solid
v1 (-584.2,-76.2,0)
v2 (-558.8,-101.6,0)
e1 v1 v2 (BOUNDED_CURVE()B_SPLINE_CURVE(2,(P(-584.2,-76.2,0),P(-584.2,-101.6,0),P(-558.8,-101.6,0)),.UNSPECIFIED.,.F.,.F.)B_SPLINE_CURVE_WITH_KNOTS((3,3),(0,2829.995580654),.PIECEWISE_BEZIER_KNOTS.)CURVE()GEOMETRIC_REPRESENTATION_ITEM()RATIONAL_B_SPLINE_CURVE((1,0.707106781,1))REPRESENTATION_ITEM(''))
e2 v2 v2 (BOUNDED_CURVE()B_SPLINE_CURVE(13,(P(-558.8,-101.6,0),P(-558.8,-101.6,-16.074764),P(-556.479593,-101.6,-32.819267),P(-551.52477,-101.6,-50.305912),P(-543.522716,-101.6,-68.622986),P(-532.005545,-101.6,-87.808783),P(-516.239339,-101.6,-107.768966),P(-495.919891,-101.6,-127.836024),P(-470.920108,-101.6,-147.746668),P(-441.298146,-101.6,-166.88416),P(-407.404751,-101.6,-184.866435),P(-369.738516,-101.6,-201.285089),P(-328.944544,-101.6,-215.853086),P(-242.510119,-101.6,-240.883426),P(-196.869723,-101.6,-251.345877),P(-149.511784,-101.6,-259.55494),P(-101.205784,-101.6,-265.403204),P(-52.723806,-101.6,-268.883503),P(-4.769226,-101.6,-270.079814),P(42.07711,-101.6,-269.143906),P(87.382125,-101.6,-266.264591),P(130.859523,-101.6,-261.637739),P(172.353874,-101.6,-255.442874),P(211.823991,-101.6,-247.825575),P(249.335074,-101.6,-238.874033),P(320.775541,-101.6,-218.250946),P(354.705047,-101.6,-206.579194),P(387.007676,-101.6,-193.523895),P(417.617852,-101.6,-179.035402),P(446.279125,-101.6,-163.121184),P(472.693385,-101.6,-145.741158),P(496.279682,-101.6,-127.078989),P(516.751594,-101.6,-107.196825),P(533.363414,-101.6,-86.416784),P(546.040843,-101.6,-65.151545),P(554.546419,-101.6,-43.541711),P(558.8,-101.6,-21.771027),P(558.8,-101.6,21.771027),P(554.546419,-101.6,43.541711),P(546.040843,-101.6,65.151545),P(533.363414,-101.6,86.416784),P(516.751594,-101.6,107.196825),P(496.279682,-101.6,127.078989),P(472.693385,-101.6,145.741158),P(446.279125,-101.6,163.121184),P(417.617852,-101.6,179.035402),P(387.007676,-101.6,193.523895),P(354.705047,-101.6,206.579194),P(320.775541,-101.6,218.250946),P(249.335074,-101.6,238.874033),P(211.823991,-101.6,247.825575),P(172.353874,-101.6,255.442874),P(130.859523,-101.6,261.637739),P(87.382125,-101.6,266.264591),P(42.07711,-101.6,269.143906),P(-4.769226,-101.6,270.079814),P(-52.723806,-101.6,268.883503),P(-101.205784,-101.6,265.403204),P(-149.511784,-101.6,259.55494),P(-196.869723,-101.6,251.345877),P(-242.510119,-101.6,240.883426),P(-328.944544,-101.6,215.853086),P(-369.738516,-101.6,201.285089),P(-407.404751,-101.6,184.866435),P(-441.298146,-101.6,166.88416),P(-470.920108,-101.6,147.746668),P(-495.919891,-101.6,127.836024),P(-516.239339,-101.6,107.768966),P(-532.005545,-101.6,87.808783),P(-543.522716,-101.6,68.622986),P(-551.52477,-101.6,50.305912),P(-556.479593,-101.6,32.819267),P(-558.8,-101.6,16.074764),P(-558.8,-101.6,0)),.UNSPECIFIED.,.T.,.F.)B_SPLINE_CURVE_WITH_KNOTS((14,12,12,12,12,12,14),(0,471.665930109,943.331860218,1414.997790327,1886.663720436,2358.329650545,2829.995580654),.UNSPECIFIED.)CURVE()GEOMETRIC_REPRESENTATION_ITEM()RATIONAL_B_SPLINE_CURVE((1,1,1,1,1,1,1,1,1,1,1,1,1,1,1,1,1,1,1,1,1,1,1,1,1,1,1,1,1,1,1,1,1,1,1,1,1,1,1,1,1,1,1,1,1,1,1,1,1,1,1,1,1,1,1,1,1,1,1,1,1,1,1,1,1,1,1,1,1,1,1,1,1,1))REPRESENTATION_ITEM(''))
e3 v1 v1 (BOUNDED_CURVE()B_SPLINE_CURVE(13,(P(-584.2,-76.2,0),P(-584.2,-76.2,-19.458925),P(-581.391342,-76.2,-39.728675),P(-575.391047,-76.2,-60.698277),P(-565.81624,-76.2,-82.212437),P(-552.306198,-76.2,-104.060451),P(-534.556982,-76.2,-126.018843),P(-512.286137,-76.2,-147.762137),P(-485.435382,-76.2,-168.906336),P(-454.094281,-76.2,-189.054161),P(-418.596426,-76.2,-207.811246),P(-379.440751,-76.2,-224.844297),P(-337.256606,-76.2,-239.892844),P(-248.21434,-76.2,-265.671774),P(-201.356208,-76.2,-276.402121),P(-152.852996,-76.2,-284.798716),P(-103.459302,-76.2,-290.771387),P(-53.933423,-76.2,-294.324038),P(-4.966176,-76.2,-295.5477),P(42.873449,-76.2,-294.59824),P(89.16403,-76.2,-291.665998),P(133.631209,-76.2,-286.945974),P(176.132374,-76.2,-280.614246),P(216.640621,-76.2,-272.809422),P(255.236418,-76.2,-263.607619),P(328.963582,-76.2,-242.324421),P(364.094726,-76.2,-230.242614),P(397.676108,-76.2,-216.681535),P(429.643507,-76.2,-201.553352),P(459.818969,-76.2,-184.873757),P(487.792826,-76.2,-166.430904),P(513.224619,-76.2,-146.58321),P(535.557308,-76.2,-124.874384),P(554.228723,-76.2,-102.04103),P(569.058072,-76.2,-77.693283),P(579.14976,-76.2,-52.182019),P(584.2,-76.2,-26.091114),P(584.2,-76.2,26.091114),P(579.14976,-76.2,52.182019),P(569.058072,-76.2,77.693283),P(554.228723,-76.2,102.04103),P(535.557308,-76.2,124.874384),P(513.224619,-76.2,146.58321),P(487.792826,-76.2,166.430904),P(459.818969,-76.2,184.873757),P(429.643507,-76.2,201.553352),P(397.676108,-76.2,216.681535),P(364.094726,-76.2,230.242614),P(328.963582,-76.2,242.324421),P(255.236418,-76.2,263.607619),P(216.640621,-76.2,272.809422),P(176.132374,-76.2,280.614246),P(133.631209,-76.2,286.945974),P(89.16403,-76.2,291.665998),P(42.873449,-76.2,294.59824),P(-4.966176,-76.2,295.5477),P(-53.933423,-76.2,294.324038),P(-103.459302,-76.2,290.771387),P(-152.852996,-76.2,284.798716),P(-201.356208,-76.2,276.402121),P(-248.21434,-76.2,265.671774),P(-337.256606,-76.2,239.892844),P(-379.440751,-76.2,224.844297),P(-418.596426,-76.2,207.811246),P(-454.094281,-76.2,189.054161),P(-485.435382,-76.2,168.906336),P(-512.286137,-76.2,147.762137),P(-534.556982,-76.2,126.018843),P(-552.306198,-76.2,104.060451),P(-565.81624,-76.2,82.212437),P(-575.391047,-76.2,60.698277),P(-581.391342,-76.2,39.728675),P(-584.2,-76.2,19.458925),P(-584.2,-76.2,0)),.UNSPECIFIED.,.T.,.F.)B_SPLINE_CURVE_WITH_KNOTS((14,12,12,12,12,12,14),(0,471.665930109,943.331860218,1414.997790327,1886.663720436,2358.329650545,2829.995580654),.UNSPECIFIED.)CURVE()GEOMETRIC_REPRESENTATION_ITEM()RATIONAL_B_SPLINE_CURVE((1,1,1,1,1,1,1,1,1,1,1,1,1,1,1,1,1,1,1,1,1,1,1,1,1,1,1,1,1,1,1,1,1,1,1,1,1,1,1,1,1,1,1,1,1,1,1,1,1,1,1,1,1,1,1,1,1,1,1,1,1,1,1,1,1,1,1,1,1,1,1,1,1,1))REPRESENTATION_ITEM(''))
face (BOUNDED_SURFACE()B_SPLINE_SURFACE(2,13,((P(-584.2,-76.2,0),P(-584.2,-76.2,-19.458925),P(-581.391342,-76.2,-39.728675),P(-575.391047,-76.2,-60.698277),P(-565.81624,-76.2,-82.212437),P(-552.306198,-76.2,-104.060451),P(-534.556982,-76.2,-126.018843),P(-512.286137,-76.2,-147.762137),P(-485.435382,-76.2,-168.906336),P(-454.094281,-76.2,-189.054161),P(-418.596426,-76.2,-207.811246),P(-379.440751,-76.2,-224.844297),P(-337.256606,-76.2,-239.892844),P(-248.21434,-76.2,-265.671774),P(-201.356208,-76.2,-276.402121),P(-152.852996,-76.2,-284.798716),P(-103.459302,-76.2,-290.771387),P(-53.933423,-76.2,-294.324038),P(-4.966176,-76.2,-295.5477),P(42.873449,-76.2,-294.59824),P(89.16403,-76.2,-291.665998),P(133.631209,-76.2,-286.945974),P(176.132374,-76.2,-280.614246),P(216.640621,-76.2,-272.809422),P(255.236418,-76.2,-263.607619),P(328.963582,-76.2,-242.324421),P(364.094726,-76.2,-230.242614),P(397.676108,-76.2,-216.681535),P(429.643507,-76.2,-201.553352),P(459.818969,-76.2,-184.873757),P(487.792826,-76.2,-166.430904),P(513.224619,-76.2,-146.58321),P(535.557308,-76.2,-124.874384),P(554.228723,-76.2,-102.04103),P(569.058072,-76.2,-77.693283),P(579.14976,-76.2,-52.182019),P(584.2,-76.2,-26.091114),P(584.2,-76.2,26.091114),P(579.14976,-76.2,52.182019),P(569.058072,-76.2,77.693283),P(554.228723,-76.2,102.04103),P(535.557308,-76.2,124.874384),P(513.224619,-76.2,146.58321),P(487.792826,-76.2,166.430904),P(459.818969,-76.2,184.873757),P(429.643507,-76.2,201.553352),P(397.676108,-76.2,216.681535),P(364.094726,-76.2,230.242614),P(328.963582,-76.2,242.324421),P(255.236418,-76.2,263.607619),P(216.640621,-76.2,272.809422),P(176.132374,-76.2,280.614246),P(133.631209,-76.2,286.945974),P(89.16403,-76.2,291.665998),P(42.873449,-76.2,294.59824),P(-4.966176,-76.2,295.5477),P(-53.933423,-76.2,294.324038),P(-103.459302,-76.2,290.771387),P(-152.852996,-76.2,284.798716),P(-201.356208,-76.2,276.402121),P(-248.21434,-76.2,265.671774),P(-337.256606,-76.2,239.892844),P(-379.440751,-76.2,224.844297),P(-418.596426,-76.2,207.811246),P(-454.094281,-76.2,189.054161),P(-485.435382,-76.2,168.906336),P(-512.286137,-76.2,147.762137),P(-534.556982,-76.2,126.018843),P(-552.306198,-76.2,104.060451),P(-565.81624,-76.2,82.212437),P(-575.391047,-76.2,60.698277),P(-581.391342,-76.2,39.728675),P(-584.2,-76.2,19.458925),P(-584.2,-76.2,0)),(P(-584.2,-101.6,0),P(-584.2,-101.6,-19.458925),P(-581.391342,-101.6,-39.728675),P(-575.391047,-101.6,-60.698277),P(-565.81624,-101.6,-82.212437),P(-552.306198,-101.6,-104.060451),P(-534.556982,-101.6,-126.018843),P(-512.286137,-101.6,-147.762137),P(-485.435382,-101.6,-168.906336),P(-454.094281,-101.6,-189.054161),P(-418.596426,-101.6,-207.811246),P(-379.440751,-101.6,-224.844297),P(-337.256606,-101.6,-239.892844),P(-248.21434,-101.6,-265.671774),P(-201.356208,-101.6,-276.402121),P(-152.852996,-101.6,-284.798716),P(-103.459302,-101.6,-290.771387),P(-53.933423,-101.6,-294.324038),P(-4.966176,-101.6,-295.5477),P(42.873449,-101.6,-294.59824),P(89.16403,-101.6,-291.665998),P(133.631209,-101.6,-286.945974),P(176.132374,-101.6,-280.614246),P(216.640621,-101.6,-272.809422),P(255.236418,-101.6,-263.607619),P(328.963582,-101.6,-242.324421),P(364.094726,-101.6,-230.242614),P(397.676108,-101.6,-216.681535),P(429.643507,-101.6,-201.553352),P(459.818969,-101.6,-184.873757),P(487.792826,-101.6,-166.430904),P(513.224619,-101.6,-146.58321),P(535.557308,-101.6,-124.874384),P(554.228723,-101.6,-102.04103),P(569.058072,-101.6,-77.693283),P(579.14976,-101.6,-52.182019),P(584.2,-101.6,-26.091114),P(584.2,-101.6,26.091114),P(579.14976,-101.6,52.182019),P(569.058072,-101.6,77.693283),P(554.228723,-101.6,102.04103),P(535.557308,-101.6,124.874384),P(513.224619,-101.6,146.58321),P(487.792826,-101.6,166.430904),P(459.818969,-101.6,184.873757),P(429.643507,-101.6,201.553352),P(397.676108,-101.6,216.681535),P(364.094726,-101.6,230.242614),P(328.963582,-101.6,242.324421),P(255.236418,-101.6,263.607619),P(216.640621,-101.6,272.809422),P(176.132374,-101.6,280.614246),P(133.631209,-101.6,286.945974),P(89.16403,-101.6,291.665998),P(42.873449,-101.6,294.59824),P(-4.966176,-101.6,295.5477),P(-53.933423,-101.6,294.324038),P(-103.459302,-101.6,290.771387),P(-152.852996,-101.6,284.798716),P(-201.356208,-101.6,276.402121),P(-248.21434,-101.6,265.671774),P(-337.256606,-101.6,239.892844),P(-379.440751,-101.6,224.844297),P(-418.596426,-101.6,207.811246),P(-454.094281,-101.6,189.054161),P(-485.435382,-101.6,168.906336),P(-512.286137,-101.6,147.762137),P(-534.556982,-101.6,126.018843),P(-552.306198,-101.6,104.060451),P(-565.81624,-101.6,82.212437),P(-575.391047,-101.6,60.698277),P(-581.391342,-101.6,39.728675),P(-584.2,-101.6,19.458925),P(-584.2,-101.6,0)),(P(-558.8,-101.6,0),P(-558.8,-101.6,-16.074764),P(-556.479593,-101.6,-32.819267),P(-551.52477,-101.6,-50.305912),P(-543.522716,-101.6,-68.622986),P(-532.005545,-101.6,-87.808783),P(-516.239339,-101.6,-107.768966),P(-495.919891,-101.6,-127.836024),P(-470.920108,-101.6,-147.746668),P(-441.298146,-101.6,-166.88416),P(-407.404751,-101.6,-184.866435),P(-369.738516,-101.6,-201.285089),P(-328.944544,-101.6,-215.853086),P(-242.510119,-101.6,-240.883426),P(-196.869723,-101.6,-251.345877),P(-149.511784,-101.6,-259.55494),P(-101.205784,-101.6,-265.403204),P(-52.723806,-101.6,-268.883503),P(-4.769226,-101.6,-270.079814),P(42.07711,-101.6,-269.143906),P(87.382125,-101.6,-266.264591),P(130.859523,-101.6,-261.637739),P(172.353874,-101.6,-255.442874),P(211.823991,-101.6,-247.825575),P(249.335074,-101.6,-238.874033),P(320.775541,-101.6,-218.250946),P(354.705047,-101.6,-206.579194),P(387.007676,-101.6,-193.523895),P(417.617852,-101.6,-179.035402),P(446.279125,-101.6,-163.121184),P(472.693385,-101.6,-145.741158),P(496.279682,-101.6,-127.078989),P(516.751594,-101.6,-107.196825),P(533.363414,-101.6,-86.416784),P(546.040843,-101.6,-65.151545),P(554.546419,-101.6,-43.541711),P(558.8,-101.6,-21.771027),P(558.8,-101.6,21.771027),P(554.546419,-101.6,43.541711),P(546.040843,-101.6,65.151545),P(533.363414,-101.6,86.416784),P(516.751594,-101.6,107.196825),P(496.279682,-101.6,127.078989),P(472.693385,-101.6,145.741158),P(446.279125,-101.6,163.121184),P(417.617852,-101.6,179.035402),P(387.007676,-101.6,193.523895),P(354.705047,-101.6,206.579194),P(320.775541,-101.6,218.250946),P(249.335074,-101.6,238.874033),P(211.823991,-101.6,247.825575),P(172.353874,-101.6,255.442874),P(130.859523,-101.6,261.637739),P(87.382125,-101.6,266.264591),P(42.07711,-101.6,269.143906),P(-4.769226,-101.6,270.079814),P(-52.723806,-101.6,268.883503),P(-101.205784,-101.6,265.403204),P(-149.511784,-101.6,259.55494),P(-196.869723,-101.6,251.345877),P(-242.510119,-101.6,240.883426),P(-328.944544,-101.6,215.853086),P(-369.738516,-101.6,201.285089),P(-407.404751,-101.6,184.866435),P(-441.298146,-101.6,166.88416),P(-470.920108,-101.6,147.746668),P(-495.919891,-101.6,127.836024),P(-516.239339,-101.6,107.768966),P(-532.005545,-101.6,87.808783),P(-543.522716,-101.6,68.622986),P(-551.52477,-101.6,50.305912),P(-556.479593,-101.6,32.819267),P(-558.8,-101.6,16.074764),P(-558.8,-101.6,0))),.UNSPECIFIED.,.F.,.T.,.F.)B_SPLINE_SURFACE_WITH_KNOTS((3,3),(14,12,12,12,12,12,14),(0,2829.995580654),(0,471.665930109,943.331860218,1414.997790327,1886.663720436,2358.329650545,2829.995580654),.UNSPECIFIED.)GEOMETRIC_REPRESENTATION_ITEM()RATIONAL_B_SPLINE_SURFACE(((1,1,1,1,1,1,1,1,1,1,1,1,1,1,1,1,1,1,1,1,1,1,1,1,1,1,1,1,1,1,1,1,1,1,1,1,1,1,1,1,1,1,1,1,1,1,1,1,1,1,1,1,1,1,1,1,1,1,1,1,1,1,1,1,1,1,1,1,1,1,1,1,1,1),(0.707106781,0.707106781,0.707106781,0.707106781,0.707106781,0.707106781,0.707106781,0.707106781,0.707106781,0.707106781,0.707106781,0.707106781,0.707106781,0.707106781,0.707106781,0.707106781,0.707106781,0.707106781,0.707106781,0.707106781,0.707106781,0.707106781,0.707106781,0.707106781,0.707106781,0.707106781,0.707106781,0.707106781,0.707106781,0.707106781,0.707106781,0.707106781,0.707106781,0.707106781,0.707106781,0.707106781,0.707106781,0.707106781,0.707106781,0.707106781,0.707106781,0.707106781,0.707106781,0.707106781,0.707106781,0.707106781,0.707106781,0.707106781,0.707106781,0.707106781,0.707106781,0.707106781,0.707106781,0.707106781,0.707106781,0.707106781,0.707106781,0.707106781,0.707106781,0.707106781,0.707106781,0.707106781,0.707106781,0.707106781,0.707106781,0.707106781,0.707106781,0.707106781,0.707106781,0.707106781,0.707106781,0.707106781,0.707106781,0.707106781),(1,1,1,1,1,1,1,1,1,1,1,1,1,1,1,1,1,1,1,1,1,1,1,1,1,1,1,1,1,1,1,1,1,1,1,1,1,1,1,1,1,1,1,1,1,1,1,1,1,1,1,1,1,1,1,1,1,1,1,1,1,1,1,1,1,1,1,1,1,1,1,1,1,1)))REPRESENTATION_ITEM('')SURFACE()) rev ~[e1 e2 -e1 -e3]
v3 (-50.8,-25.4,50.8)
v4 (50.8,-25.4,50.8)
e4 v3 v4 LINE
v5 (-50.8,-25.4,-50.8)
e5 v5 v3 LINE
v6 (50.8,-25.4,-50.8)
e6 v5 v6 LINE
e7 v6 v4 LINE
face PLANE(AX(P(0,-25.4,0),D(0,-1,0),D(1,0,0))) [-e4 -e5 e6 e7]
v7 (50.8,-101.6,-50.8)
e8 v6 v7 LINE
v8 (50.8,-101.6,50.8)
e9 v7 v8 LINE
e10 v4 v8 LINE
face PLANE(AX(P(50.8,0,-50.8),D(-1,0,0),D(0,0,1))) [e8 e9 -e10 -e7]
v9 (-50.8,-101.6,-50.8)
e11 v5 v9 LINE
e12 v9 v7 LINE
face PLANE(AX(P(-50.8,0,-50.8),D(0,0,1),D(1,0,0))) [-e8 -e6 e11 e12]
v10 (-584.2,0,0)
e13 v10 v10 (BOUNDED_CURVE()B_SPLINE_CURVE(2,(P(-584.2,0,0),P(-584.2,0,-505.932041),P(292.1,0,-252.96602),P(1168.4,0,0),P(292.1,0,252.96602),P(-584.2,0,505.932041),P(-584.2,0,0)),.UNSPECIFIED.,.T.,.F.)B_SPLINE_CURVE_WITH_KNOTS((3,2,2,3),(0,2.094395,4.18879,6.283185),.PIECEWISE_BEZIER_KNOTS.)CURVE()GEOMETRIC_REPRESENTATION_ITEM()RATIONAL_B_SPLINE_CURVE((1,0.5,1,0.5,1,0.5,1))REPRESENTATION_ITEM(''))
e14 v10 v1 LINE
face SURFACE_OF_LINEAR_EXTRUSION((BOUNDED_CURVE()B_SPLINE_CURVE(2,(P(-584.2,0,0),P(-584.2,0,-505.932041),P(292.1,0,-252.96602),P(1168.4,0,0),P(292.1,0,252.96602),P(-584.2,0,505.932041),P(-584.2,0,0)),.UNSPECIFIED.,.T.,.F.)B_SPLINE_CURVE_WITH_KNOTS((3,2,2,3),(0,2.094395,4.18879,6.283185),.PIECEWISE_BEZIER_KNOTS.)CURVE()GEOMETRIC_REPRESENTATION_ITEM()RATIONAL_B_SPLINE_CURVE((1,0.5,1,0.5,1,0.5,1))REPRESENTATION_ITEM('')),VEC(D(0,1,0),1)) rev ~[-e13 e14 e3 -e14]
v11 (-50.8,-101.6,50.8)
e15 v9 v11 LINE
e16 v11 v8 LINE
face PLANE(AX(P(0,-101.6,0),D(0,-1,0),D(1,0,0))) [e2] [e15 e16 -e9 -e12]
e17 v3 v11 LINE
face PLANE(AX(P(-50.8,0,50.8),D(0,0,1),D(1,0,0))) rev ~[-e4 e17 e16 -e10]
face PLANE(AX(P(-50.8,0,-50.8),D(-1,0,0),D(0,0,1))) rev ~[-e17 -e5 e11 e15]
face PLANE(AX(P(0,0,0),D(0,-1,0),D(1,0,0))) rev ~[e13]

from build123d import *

# Parameters (mm, degrees)
F0_W     = 101.6
F0_H     = 101.6
F1_DEPTH = 101.6
F2_DEPTH = 25.4
F3_R     = 25.4


with BuildPart() as f1:
    # F0 (on Front) → F1 (new body)
    with BuildSketch(Plane.XZ):
        with BuildLine():
            add(Edge.make_bspline(
                [(-584.2, 0), (-584.2, -505.932041), (292.1, -252.96602), (1168.4, 0), (292.1, 252.96602), (-584.2, 505.932041), (-584.2, 0)],
                knots=[0, 0, 0, 2.094395, 2.094395, 4.18879, 4.18879, 6.283185, 6.283185, 6.283185], degree=2, weights=[1, 0.5, 1, 0.5, 1, 0.5, 1]))
        make_face()
        Rectangle(F0_W, F0_H, mode=Mode.SUBTRACT)
    extrude(amount=F1_DEPTH)

    # F0 (on Front) → F2 (join)
    with BuildSketch(Plane.XZ):
        Rectangle(F0_W, F0_H)
    extrude(amount=F2_DEPTH)

    # F3
    f3_edges = [f1.edges().sort_by_distance(p)[0] for p in [
        (584.2, -101.6, -7.2e-05),
    ]]
    fillet(f3_edges, radius=F3_R)


solid = f1.part
